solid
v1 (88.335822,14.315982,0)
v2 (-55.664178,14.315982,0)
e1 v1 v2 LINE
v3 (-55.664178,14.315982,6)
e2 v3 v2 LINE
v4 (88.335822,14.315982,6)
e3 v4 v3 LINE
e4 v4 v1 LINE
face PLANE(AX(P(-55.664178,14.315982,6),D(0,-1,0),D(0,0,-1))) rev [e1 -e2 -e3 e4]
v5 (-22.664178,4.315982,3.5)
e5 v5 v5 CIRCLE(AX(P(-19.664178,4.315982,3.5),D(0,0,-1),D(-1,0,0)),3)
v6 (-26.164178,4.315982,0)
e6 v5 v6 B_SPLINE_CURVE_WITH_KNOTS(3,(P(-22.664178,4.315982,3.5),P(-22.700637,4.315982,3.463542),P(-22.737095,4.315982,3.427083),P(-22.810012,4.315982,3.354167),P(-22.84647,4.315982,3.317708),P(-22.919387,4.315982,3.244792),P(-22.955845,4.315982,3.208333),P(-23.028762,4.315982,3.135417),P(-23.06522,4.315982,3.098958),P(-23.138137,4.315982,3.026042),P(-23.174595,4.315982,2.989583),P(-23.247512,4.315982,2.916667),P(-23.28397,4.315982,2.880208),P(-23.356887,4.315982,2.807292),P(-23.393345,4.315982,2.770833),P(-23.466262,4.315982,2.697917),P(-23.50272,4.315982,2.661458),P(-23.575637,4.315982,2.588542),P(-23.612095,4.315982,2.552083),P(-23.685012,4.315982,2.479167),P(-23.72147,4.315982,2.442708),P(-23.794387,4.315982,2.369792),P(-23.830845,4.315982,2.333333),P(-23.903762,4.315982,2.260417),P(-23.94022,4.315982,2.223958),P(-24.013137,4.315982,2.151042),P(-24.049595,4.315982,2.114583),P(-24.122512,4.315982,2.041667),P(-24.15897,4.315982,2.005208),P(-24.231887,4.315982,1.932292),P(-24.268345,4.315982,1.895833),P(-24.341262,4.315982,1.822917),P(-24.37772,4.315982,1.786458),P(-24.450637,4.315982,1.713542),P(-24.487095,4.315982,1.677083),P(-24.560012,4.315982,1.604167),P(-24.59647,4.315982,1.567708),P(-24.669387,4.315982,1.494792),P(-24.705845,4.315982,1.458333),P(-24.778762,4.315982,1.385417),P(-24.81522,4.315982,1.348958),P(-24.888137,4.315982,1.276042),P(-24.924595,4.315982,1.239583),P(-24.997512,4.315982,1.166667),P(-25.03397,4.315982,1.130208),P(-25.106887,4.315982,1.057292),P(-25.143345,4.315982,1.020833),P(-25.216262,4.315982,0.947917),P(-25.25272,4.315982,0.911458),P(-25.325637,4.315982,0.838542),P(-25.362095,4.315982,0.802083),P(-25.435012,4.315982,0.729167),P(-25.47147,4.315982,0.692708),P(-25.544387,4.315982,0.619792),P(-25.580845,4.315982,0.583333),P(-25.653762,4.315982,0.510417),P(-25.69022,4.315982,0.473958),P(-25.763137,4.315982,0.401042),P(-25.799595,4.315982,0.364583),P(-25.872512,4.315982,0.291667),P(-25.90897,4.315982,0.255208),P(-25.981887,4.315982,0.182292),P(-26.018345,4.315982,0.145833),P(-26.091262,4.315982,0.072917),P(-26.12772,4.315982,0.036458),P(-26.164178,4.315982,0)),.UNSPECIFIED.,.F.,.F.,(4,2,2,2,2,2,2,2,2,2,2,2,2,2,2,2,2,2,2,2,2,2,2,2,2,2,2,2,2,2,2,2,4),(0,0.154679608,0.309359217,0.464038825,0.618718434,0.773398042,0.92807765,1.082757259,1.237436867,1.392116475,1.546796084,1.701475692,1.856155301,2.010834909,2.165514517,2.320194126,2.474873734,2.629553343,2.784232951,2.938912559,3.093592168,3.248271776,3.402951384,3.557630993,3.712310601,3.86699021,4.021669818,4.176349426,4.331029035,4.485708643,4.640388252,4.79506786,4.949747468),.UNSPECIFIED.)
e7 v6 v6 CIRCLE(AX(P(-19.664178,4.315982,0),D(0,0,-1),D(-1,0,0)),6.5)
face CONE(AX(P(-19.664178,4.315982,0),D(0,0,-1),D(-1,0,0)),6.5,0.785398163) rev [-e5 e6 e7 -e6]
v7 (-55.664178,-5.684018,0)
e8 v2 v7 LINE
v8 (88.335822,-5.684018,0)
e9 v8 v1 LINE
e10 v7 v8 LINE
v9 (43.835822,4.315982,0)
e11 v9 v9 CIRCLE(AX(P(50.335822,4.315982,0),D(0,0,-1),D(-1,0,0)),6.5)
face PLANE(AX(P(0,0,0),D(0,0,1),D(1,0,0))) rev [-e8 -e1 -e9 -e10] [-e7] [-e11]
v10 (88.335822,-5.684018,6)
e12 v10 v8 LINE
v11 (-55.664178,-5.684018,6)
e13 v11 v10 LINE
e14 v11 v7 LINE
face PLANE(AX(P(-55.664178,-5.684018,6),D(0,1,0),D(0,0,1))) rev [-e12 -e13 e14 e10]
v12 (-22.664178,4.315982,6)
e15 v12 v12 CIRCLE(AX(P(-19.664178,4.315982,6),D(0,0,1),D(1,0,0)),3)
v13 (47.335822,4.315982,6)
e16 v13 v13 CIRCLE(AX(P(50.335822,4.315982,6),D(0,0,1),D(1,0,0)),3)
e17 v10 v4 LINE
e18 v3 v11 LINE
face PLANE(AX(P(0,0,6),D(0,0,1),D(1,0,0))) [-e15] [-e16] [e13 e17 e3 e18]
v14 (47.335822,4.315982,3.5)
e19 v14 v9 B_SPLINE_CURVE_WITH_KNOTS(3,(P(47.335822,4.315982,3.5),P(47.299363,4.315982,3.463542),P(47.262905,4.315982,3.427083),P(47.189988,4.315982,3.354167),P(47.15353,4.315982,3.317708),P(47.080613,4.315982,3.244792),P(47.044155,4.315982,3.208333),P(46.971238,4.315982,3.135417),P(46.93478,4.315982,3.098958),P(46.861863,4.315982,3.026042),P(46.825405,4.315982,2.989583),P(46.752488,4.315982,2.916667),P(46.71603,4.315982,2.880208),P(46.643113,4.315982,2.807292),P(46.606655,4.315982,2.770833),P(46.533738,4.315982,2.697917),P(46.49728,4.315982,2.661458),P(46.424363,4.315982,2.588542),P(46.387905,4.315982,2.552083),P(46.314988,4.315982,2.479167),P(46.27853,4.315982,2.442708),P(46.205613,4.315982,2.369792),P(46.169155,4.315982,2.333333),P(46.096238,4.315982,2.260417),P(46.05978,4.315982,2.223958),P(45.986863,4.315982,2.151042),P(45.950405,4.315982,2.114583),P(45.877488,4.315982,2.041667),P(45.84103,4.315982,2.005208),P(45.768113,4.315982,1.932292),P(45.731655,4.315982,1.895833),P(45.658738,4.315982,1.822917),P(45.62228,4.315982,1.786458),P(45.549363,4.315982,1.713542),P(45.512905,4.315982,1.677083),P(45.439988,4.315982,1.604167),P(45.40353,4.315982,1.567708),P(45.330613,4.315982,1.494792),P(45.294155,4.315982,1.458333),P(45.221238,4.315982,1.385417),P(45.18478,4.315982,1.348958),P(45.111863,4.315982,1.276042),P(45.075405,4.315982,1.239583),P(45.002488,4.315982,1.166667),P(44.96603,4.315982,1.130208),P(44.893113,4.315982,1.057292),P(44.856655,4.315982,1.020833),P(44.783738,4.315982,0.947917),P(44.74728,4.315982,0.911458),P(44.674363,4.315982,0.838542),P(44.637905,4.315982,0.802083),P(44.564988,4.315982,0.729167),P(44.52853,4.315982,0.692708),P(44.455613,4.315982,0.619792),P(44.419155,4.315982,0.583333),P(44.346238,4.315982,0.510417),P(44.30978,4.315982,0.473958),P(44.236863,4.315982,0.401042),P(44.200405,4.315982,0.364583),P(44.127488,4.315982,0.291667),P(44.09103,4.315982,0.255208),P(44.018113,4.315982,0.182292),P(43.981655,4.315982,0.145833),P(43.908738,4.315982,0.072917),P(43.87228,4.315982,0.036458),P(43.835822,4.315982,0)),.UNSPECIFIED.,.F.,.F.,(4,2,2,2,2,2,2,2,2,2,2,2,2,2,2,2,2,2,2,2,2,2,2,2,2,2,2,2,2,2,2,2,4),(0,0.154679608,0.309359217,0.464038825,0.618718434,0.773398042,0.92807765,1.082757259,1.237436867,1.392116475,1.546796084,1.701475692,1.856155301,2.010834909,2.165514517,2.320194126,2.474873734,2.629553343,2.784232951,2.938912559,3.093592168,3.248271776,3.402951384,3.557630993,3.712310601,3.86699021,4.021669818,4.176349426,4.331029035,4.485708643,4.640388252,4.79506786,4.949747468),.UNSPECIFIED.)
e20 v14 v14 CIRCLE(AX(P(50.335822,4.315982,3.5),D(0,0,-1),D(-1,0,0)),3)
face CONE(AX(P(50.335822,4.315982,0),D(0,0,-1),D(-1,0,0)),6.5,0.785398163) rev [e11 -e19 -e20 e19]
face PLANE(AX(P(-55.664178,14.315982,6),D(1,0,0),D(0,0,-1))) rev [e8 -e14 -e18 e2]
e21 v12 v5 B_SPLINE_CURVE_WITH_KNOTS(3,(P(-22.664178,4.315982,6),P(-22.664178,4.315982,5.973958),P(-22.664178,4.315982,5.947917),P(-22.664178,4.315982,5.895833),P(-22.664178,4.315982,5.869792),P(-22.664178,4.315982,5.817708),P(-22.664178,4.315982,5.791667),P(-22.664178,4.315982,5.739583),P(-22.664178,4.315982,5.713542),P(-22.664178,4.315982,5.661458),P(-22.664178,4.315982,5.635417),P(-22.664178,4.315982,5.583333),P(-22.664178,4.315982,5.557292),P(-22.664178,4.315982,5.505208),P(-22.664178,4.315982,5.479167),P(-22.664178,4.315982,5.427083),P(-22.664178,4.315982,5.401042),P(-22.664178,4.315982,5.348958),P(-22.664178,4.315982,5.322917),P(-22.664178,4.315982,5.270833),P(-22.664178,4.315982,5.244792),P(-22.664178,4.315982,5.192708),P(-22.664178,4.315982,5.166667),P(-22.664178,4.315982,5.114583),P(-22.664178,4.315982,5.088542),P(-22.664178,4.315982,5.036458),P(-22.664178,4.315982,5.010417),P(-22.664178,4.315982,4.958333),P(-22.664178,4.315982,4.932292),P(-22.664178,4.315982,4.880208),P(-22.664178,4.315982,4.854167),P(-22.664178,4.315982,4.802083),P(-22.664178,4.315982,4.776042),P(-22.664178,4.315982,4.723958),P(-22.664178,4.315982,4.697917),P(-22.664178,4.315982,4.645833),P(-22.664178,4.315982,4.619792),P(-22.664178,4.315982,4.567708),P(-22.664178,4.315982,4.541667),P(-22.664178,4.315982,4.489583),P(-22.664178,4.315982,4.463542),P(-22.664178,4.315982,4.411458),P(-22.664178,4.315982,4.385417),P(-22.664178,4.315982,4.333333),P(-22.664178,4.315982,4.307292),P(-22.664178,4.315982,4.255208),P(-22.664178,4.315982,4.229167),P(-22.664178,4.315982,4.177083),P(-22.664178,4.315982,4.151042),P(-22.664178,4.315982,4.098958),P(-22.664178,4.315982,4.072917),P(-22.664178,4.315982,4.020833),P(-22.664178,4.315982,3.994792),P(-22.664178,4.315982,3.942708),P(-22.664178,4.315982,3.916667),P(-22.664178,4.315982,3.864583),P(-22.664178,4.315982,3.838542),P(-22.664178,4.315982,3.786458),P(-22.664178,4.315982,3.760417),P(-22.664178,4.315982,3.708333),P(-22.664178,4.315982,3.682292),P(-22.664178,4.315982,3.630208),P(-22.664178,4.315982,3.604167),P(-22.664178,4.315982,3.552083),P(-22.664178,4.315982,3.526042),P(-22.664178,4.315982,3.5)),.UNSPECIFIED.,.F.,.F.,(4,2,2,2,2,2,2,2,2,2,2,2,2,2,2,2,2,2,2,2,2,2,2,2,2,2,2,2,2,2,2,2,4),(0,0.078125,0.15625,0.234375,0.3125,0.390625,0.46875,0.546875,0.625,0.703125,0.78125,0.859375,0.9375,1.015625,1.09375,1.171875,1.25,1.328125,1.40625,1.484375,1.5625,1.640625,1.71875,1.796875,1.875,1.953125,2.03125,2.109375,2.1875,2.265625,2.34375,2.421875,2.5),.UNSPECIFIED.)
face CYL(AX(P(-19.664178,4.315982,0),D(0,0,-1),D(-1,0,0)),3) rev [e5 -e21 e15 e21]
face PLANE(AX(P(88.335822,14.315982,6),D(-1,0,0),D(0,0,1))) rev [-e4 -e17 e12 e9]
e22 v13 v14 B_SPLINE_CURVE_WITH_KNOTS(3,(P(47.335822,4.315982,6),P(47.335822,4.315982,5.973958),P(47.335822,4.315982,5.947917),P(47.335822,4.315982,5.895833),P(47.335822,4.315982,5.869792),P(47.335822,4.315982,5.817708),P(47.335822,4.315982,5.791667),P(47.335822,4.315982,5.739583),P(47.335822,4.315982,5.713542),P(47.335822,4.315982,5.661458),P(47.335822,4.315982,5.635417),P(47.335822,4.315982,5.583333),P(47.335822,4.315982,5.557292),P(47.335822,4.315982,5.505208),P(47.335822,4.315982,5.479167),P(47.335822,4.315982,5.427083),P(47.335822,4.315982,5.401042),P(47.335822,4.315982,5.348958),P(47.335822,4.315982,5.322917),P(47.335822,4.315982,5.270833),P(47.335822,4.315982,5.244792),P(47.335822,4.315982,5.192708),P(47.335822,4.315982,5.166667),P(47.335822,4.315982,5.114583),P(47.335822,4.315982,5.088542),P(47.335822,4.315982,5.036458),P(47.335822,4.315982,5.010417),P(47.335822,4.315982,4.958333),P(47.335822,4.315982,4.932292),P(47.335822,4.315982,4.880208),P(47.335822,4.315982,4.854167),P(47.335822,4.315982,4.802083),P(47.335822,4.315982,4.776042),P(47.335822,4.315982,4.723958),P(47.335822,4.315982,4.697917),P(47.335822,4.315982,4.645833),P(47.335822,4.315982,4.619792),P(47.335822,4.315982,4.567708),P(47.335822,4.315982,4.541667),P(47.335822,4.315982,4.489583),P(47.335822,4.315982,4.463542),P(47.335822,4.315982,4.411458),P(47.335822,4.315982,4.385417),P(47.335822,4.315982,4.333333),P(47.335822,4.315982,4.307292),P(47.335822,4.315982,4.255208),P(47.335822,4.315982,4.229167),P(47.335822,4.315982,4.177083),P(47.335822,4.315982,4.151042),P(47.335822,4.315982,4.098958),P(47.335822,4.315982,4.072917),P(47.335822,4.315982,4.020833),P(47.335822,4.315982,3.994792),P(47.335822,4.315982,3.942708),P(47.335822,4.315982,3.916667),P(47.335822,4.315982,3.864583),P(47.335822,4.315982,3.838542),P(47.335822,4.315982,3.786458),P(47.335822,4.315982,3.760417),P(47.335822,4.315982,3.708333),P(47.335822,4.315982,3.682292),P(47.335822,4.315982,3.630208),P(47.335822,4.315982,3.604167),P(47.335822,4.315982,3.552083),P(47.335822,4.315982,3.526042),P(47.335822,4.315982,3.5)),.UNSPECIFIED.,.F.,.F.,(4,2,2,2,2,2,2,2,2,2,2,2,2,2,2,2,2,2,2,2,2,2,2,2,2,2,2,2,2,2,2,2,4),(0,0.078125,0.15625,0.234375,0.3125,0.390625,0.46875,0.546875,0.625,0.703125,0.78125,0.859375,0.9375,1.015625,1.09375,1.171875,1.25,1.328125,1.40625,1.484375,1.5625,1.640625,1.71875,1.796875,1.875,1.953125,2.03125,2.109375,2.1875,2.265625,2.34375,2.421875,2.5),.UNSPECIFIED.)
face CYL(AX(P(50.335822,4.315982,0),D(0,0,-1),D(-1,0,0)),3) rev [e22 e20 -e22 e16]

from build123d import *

# Parameters (mm, degrees)
SKETCH1_W                                           = 144
SKETCH1_H                                           = 20
BOSS_EXTRUDE1_DEPTH                                 = 6
CSK_FOR_M6_COUNTERSUNK_FLAT_HEAD_SCREW1_D           = 6
CSK_FOR_M6_COUNTERSUNK_FLAT_HEAD_SCREW1_DEPTH       = 17.5
CSK_FOR_M6_COUNTERSUNK_FLAT_HEAD_SCREW1_CSINK_D     = 13
CSK_FOR_M6_COUNTERSUNK_FLAT_HEAD_SCREW1_CSINK_ANGLE = 90
CSK_FOR_M6_COUNTERSUNK_FLAT_HEAD_SCREW1_TIP         = 1.802581857


with BuildPart() as part:
    # Sketch1 → Boss-Extrude1 (new body)
    with BuildSketch(Plane.XY):
        with Locations((16.335821826, 4.315981806)):
            Rectangle(SKETCH1_W, SKETCH1_H)
    extrude(amount=BOSS_EXTRUDE1_DEPTH)

    # CSK for M6 Countersunk Flat Head Screw1
    with Locations(Plane(origin=(0, 0, 0), x_dir=(-1, 0, 0), z_dir=(0, 0, -1))):
        with Locations((-50.335821826, 4.315981806), (19.664178174, 4.315981806)):
            CounterSinkHole(CSK_FOR_M6_COUNTERSUNK_FLAT_HEAD_SCREW1_D / 2, CSK_FOR_M6_COUNTERSUNK_FLAT_HEAD_SCREW1_CSINK_D / 2, depth=CSK_FOR_M6_COUNTERSUNK_FLAT_HEAD_SCREW1_DEPTH, counter_sink_angle=CSK_FOR_M6_COUNTERSUNK_FLAT_HEAD_SCREW1_CSINK_ANGLE)
            with Locations((0, 0, -(CSK_FOR_M6_COUNTERSUNK_FLAT_HEAD_SCREW1_DEPTH + CSK_FOR_M6_COUNTERSUNK_FLAT_HEAD_SCREW1_TIP / 2))):  # 118° drill point
                Cone(0, CSK_FOR_M6_COUNTERSUNK_FLAT_HEAD_SCREW1_D / 2, CSK_FOR_M6_COUNTERSUNK_FLAT_HEAD_SCREW1_TIP, mode=Mode.SUBTRACT)


solid = part.part
